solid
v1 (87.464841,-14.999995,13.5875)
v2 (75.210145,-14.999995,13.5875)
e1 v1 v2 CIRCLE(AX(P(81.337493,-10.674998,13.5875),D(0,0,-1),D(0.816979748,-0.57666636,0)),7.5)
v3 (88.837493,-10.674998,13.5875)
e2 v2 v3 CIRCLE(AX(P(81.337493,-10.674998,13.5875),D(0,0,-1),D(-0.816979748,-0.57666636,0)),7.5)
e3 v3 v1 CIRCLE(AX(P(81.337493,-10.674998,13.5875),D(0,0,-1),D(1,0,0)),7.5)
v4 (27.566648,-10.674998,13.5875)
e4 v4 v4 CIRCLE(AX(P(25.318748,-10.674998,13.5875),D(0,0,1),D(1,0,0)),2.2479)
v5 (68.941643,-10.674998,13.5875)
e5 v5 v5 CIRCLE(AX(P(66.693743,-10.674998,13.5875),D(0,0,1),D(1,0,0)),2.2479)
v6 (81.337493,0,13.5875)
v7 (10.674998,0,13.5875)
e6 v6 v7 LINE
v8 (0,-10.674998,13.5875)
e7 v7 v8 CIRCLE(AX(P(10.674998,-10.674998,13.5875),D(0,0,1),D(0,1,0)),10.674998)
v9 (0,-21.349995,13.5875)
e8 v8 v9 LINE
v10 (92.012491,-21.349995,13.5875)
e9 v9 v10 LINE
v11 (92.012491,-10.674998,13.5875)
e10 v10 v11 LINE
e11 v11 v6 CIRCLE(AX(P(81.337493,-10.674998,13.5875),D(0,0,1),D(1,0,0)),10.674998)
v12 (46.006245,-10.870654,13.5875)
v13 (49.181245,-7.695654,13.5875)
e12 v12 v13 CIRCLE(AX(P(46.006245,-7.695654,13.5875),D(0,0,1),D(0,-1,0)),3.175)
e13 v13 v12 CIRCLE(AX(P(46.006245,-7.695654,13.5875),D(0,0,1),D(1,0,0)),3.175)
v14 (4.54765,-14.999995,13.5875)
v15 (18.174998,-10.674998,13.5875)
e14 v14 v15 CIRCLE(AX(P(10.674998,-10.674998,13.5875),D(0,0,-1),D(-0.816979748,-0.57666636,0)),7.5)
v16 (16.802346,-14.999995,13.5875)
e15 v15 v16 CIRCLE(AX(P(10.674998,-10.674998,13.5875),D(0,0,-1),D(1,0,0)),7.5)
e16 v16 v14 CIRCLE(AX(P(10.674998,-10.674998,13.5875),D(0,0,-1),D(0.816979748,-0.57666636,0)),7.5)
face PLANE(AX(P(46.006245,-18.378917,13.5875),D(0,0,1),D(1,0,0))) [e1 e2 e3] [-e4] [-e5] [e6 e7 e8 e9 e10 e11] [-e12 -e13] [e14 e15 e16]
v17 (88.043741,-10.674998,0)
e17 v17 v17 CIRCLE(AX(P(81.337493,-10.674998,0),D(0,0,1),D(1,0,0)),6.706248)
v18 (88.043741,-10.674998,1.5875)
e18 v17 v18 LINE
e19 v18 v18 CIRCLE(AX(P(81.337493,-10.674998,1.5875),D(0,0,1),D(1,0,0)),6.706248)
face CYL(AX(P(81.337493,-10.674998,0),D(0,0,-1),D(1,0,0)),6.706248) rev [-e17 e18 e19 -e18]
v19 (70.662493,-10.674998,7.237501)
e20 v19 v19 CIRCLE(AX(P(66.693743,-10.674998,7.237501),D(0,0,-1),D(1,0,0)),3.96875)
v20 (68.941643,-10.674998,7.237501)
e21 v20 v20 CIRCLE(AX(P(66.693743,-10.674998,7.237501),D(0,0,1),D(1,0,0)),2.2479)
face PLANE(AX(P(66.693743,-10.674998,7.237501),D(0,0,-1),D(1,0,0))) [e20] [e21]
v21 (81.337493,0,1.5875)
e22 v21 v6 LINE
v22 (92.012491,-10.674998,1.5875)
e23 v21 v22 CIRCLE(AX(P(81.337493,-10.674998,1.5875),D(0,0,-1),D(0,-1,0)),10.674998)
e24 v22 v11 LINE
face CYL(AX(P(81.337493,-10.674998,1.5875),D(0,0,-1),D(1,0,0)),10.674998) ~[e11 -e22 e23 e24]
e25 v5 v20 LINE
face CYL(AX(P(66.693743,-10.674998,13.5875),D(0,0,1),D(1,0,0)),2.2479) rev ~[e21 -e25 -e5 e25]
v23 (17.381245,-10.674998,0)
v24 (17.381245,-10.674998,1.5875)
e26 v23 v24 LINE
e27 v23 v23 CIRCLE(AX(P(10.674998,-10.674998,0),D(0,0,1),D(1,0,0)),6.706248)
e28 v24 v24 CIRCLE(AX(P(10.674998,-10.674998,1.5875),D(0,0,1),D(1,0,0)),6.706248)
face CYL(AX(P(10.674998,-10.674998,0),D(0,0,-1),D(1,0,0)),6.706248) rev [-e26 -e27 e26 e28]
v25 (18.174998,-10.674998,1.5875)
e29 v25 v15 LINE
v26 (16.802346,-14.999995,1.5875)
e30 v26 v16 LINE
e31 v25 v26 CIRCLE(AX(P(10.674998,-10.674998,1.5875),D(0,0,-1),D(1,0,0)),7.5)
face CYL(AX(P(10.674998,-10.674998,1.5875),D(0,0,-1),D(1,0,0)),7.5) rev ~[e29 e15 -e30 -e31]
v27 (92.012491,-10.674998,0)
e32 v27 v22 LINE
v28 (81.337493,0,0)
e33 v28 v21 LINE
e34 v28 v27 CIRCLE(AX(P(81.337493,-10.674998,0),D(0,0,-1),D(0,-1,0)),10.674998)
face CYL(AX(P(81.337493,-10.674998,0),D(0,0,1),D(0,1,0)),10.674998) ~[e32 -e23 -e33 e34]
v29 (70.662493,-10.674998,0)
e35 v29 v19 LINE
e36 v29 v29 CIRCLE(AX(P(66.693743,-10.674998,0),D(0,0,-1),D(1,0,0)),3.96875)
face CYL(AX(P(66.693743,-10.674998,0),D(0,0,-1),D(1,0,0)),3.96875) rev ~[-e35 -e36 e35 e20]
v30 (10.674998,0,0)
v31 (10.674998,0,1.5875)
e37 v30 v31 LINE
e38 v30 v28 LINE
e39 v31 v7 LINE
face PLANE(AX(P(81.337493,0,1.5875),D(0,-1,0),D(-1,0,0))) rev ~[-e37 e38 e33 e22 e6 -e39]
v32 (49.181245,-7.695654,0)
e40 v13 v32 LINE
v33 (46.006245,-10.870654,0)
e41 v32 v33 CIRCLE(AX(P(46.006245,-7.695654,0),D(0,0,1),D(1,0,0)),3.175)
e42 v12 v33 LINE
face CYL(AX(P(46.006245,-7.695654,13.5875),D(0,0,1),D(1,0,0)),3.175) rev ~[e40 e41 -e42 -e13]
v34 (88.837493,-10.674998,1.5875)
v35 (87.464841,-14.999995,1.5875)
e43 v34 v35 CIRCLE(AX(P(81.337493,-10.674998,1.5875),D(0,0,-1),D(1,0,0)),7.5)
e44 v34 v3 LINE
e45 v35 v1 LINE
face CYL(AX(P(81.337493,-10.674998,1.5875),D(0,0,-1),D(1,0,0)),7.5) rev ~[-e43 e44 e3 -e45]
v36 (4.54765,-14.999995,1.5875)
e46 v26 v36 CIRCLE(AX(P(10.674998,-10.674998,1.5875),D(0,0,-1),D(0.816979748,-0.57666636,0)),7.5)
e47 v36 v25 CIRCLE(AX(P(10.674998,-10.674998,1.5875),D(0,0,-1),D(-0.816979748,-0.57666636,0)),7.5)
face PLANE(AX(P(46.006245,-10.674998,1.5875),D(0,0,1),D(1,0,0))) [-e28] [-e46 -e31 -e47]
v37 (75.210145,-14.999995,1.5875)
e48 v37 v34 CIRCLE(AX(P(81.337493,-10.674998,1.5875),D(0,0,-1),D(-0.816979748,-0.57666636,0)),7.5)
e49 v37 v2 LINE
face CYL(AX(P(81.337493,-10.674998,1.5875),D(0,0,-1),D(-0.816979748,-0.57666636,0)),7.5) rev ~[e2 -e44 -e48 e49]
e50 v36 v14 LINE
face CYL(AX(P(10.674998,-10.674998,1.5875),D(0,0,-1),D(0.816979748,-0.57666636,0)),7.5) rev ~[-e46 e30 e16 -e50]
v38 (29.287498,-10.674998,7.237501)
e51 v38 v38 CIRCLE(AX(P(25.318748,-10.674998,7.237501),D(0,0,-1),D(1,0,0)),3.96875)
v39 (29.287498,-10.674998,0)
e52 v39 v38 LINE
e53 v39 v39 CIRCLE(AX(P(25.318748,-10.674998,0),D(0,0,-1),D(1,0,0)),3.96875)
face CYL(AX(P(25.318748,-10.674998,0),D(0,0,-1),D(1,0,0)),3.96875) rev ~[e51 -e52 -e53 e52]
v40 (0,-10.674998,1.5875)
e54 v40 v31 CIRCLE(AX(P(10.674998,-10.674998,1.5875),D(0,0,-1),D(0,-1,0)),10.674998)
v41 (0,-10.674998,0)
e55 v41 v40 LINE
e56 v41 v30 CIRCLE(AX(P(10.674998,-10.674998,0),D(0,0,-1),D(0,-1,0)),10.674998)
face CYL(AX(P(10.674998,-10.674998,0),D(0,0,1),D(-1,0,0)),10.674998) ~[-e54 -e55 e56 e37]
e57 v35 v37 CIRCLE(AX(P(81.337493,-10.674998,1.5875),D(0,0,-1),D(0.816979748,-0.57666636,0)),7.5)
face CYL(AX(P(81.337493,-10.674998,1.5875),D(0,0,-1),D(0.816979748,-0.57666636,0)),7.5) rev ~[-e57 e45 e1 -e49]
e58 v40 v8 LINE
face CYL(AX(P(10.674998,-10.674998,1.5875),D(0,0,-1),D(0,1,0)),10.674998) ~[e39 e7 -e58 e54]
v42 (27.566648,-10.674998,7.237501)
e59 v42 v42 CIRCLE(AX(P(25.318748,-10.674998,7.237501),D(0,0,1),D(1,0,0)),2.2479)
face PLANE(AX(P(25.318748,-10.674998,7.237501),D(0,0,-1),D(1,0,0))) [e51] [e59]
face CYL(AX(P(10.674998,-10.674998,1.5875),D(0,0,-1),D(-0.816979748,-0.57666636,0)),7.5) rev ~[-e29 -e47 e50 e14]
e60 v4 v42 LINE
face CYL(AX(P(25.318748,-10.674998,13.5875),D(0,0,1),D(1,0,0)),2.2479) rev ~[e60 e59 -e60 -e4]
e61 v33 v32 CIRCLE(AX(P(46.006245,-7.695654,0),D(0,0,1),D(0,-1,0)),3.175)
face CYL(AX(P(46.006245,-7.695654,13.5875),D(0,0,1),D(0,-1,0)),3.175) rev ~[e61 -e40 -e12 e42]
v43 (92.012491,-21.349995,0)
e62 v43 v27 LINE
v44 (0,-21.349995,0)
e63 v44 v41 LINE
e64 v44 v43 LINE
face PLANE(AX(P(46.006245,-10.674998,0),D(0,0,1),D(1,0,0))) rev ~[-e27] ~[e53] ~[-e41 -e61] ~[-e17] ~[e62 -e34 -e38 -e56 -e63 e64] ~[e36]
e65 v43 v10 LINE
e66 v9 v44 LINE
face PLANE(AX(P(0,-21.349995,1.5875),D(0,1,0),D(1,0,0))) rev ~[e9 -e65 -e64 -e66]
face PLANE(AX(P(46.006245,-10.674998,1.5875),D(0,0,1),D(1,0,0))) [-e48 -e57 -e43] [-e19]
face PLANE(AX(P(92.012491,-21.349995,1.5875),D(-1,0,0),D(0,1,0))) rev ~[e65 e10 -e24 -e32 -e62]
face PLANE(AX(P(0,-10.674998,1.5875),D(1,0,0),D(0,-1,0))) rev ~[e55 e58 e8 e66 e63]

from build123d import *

# Parameters (mm, degrees)
F0_W     = 92.0124906
F0_H     = 21.3499954
F0_R     = 6.7062477
F1_DEPTH = 1.5875
F2_R     = 10.6749977
F4_DEPTH = 12
F5_R     = 2.2479
F6_DEPTH = 13.5875
F7_R     = 3.96875
F8_DEPTH = 7.2375014


with BuildPart() as f1:
    # F0 (on Top) → F1 (new body)
    with BuildSketch(Plane.XY):
        with Locations((46.0062453, -10.6749977)):
            Rectangle(F0_W, F0_H)
        with Locations((10.6749977, -10.6749977)):
            Circle(F0_R, mode=Mode.SUBTRACT)
        with Locations((81.3374929, -10.6749977)):
            Circle(F0_R, mode=Mode.SUBTRACT)
    extrude(amount=F1_DEPTH)

    # F2
    f2_edges = [f1.edges().sort_by_distance(p)[0] for p in [
        (0, 0, 0.79375),
        (92.012491, 0, 0.79375),
    ]]
    fillet(f2_edges, radius=F2_R)

    # F3 (on face) → F4 (join)
    with BuildSketch(Plane.XY.offset(1.5875)):
        with BuildLine():
            Line((4.5476495872, -14.9999954), (0, -14.9999954))
            Line((0, -14.9999954), (0, -21.3499954))
            Line((0, -21.3499954), (92.0124906, -21.3499954))
            Line((92.0124906, -21.3499954), (92.0124906, -14.9999954))
            Line((92.0124906, -14.9999954), (87.4648410128, -14.9999954))
            ThreePointArc((87.4648410128, -14.9999954), (81.3374929, -18.1749977), (75.2101447872, -14.9999954))
            Line((75.2101447872, -14.9999954), (16.8023458128, -14.9999954))
            ThreePointArc((16.8023458128, -14.9999954), (10.6749977, -18.1749977), (4.5476495872, -14.9999954))
        make_face()
        with BuildLine():
            Line((0, -10.6749977), (0, -14.9999954))
            Line((0, -14.9999954), (4.5476495872, -14.9999954))
            ThreePointArc((4.5476495872, -14.9999954), (8.4061996532, -3.5263925617), (18.1749977, -10.6749977))
            ThreePointArc((18.1749977, -10.6749977), (17.8236028383, -12.9437957468), (16.8023458128, -14.9999954))
            Line((16.8023458128, -14.9999954), (75.2101447872, -14.9999954))
            ThreePointArc((75.2101447872, -14.9999954), (79.0686948532, -3.5263925617), (88.8374929, -10.6749977))
            ThreePointArc((88.8374929, -10.6749977), (88.4860980383, -12.9437957468), (87.4648410128, -14.9999954))
            Line((87.4648410128, -14.9999954), (92.0124906, -14.9999954))
            Line((92.0124906, -14.9999954), (92.0124906, -10.6749977))
            ThreePointArc((92.0124906, -10.6749977), (88.8858561628, -3.1266344372), (81.3374929, 0))
            Line((81.3374929, 0), (10.6749977, 0))
            ThreePointArc((10.6749977, 0), (3.1266344372, -3.1266344372), (0, -10.6749977))
        make_face()
    extrude(amount=F4_DEPTH)

    # F5 (on face) → F6 (cut, through all)
    with BuildSketch(Plane.XY.offset(13.5875)):
        with Locations((25.3187477, -10.6749977)):
            Circle(F5_R)
        with Locations((66.6937429, -10.6749977)):
            Circle(F5_R)
        with BuildLine():
            ThreePointArc((46.0062453, -10.8706539), (48.2513093303, -9.9407179303), (49.1812453, -7.6956539))
            ThreePointArc((49.1812453, -7.6956539), (43.7611812697, -5.4505898697), (46.0062453, -10.8706539))
        make_face()
    extrude(amount=-F6_DEPTH, mode=Mode.SUBTRACT)

    # F7 (on face) → F8 (cut)
    with BuildSketch(Plane(origin=(0, 0, 0), x_dir=(1, 0, 0), z_dir=(0, 0, -1))):
        with Locations((66.6937429, 10.6749977)):
            Circle(F7_R)
        with Locations((25.3187477, 10.6749977)):
            Circle(F7_R)
    extrude(amount=-F8_DEPTH, mode=Mode.SUBTRACT)


solid = f1.part
